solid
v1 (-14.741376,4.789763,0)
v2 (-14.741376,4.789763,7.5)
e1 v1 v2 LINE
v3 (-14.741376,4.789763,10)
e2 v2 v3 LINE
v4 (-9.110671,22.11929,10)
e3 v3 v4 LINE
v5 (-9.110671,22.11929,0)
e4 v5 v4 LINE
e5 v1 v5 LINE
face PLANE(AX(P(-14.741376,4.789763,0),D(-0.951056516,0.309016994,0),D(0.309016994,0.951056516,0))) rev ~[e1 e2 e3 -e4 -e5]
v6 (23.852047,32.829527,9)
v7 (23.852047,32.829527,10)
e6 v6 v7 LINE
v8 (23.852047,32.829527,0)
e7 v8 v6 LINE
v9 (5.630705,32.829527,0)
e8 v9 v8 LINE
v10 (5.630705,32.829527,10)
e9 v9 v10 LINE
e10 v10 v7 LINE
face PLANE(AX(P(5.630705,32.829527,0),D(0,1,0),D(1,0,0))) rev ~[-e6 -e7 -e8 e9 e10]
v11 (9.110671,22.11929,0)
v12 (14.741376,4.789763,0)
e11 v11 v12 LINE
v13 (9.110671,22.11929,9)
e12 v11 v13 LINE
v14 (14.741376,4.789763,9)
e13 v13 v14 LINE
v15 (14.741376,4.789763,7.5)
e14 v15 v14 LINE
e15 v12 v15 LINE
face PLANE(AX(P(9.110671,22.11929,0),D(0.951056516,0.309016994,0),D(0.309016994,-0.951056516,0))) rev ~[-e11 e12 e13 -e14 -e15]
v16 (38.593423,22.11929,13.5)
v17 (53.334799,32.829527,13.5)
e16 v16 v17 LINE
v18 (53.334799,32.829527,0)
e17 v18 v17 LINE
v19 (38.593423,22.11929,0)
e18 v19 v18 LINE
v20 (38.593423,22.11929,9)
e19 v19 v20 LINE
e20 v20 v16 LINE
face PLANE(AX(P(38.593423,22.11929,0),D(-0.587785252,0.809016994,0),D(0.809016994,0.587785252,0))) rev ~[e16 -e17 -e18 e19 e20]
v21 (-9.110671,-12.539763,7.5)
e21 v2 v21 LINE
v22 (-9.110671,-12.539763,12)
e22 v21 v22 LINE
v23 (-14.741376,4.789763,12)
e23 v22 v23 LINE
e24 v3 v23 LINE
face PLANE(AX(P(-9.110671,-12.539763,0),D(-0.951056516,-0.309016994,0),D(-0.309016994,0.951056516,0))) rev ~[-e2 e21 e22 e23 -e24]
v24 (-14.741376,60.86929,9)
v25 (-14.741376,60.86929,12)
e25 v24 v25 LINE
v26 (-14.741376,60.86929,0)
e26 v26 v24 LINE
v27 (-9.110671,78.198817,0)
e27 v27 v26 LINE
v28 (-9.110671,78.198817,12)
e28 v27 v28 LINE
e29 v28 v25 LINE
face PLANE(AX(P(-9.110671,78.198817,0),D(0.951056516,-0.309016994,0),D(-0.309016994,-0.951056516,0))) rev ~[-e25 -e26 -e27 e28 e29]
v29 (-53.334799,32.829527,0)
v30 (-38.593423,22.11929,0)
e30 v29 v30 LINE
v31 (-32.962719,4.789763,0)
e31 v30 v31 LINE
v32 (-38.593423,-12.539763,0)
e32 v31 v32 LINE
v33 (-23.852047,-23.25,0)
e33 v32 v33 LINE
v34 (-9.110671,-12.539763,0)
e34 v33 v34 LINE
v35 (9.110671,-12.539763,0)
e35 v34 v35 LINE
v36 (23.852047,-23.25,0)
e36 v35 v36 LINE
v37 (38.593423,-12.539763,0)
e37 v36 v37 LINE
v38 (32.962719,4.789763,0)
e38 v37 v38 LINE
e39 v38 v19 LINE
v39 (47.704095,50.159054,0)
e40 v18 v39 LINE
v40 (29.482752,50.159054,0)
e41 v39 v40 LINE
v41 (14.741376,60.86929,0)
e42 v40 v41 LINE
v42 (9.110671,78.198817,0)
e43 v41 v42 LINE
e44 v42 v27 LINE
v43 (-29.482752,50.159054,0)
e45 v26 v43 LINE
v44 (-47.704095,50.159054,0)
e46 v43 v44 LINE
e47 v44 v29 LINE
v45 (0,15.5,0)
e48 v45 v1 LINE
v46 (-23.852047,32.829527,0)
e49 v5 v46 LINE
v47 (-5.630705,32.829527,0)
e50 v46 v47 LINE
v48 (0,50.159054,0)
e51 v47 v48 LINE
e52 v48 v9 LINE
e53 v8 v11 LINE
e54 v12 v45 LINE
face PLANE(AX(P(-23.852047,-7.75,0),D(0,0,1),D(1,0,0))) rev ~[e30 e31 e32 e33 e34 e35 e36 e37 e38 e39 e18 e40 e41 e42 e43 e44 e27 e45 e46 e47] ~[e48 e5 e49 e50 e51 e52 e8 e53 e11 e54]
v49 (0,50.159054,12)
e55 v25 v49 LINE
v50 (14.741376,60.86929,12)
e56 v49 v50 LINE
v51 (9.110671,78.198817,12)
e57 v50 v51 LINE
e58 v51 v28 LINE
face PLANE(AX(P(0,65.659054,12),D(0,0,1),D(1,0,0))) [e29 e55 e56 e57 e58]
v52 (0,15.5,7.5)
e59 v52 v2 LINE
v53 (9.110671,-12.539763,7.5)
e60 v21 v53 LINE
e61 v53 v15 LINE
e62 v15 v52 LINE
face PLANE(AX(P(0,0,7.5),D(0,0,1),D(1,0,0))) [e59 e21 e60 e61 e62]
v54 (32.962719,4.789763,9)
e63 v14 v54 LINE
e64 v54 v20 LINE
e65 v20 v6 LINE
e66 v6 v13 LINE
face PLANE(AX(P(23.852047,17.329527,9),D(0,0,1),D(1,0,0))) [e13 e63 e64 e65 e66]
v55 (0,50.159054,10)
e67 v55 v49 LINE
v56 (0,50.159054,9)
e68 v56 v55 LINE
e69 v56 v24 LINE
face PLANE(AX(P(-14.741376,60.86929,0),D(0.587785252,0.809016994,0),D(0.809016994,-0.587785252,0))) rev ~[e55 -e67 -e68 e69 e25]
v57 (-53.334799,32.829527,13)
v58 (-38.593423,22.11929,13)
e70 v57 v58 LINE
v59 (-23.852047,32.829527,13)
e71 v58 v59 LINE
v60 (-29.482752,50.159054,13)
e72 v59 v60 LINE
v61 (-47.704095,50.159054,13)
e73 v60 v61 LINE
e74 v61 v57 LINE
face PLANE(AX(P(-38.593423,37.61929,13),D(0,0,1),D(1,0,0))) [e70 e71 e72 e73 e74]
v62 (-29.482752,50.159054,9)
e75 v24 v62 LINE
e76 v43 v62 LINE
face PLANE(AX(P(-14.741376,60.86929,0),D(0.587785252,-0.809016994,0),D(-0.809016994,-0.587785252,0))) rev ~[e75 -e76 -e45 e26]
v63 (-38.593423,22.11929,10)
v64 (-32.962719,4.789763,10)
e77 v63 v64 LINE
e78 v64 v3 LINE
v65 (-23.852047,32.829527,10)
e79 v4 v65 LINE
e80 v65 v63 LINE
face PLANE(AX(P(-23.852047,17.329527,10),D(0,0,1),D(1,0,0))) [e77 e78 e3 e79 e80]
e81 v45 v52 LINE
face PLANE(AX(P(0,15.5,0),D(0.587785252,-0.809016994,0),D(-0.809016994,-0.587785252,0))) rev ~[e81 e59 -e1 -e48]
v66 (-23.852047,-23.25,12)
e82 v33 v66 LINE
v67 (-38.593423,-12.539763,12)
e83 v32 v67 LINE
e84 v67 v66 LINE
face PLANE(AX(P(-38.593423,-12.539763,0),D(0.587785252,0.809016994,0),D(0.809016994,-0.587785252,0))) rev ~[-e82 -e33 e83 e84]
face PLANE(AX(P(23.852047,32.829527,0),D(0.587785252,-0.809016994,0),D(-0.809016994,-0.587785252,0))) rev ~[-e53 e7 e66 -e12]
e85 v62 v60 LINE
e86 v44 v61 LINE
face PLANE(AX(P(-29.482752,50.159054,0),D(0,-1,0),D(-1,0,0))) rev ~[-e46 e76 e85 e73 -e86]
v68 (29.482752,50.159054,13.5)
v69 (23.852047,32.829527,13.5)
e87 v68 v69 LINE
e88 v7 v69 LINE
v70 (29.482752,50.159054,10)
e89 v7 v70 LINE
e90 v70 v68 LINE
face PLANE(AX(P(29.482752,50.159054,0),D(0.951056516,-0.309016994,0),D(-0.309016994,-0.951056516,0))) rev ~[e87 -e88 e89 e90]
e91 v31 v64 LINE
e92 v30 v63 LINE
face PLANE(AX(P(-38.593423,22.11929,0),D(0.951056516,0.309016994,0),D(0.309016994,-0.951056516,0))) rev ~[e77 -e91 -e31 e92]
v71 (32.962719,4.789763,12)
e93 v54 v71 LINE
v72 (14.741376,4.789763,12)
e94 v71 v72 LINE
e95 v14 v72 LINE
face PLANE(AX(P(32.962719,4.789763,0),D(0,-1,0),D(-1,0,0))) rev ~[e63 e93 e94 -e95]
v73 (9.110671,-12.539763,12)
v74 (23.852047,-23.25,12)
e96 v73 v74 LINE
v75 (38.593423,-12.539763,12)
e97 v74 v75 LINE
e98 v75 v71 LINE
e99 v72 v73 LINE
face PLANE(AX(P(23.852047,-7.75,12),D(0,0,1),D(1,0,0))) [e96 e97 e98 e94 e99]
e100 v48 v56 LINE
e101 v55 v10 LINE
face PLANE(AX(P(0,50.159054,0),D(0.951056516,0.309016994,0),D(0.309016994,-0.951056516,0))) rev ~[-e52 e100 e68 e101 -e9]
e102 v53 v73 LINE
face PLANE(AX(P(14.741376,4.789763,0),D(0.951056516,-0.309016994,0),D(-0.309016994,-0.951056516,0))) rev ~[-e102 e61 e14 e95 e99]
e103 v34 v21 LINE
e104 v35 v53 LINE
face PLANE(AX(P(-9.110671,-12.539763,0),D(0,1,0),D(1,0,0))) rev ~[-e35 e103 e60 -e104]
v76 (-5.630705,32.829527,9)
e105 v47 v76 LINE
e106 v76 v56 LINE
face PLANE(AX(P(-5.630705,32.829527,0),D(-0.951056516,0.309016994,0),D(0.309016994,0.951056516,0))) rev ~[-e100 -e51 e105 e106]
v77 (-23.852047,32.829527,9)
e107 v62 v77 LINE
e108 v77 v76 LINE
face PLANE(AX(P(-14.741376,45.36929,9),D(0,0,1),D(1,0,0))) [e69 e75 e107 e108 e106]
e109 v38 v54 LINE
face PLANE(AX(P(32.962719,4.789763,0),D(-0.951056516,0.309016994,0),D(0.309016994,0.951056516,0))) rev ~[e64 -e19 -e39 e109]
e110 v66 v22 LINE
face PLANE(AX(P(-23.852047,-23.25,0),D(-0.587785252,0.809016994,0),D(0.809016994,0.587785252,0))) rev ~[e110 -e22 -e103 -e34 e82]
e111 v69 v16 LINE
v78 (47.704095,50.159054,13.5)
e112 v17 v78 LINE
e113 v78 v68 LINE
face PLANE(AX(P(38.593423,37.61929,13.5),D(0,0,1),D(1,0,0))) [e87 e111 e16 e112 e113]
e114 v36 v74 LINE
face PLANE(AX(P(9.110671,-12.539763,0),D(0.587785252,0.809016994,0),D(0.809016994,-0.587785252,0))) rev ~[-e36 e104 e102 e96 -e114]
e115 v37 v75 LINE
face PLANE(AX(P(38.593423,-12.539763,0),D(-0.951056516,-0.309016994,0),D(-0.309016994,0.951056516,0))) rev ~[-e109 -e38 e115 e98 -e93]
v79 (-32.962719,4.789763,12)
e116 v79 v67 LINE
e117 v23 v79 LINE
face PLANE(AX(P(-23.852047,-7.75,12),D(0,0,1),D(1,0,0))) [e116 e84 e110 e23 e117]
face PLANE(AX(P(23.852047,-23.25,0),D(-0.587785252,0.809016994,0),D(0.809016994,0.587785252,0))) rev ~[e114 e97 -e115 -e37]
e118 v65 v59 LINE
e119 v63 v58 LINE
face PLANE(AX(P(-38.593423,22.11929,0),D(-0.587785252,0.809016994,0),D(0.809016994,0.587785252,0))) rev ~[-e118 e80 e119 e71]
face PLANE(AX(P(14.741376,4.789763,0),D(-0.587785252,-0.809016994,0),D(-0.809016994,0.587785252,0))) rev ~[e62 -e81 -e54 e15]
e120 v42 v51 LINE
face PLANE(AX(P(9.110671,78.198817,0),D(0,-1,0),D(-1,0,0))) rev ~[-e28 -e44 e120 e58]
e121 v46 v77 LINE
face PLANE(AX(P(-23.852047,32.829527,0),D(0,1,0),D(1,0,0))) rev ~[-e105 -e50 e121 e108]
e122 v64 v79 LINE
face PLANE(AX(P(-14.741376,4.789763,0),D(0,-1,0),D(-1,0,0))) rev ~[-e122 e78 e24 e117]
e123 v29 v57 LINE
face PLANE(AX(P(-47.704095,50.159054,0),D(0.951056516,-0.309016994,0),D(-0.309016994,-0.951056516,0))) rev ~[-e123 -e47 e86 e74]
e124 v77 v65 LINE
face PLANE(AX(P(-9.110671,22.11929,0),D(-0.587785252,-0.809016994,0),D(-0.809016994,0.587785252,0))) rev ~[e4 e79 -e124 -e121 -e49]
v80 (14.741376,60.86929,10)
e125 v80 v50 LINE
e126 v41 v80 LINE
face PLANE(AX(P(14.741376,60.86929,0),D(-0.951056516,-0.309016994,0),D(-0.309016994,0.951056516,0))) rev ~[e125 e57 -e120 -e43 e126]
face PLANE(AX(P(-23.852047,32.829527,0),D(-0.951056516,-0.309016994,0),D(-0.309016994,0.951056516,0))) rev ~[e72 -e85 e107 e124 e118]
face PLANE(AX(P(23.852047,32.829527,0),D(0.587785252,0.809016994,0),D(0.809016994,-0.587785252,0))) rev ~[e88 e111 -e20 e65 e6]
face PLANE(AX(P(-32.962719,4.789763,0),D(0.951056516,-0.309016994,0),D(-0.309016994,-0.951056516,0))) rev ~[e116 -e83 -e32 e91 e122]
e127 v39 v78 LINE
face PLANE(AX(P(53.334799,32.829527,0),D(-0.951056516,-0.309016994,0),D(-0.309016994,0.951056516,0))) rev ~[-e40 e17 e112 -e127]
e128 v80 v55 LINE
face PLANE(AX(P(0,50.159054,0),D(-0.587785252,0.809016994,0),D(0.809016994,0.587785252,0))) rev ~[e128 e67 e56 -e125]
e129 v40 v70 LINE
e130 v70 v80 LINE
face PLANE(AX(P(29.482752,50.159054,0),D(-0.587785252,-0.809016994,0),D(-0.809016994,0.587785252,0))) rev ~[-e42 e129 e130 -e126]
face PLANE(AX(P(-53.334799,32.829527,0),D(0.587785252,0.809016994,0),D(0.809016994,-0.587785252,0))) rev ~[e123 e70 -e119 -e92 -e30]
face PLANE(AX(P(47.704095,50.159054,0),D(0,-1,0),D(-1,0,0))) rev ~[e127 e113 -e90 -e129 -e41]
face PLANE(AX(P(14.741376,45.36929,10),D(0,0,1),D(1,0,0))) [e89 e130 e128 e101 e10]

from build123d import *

# Parameters (mm, degrees)
F1_DEPTH  = 7.5
F3_DEPTH  = 12
F5_DEPTH  = 9
F7_DEPTH  = 13.5
F9_DEPTH  = 10
F11_DEPTH = 12
F13_DEPTH = 9
F15_DEPTH = 13
F17_DEPTH = 10
F19_DEPTH = 12


with BuildPart() as f1:
    # F0 (on Top) → F1 (new body)
    with BuildSketch(Plane.XY):
        Polygon((14.7413760026, 4.7897634128), (0, 15.5), (-14.7413760026, 4.7897634128), (-9.1106714105, -12.5397634128), (9.1106714105, -12.5397634128), align=None)
    extrude(amount=F1_DEPTH)

    # F2 (on Top) → F3 (join)
    with BuildSketch(Plane.XY):
        Polygon((32.9627188236, 4.7897634128), (14.7413760026, 4.7897634128), (9.1106714105, -12.5397634128), (23.8520474131, -23.25), (38.5934234157, -12.5397634128), align=None)
    extrude(amount=F3_DEPTH)

    # F4 (on Top) → F5 (join)
    with BuildSketch(Plane.XY):
        Polygon((14.7413760026, 4.7897634128), (32.9627188236, 4.7897634128), (38.5934234157, 22.1192902384), (23.8520474131, 32.8295268256), (9.1106714105, 22.1192902384), align=None)
    extrude(amount=F5_DEPTH)

    # F6 (on Top) → F7 (join)
    with BuildSketch(Plane.XY):
        Polygon((23.8520474131, 32.8295268256), (38.5934234157, 22.1192902384), (53.3347994183, 32.8295268256), (47.7040948262, 50.1590536512), (29.4827520051, 50.1590536512), align=None)
    extrude(amount=F7_DEPTH)

    # F8 (on Top) → F9 (join)
    with BuildSketch(Plane.XY):
        Polygon((5.630704592, 32.8295268256), (23.8520474131, 32.8295268256), (29.4827520051, 50.1590536512), (14.7413760026, 60.8692902384), (0, 50.1590536512), align=None)
    extrude(amount=F9_DEPTH)

    # F10 (on Top) → F11 (join)
    with BuildSketch(Plane.XY):
        Polygon((-14.7413760026, 60.8692902384), (0, 50.1590536512), (14.7413760026, 60.8692902384), (9.1106714105, 78.1988170641), (-9.1106714105, 78.1988170641), align=None)
    extrude(amount=F11_DEPTH)

    # F12 (on Top) → F13 (join)
    with BuildSketch(Plane.XY):
        Polygon((-23.8520474131, 32.8295268256), (-5.630704592, 32.8295268256), (0, 50.1590536512), (-14.7413760026, 60.8692902384), (-29.4827520051, 50.1590536512), align=None)
    extrude(amount=F13_DEPTH)

    # F14 (on Top) → F15 (join)
    with BuildSketch(Plane.XY):
        Polygon((-53.3347994183, 32.8295268256), (-38.5934234157, 22.1192902384), (-23.8520474131, 32.8295268256), (-29.4827520051, 50.1590536512), (-47.7040948262, 50.1590536512), align=None)
    extrude(amount=F15_DEPTH)

    # F16 (on Top) → F17 (join)
    with BuildSketch(Plane.XY):
        Polygon((-32.9627188236, 4.7897634128), (-14.7413760026, 4.7897634128), (-9.1106714105, 22.1192902384), (-23.8520474131, 32.8295268256), (-38.5934234157, 22.1192902384), align=None)
    extrude(amount=F17_DEPTH)

    # F18 (on Top) → F19 (join)
    with BuildSketch(Plane.XY):
        Polygon((-23.8520474131, -23.25), (-9.1106714105, -12.5397634128), (-14.7413760026, 4.7897634128), (-32.9627188236, 4.7897634128), (-38.5934234157, -12.5397634128), align=None)
    extrude(amount=F19_DEPTH)


solid = f1.part
